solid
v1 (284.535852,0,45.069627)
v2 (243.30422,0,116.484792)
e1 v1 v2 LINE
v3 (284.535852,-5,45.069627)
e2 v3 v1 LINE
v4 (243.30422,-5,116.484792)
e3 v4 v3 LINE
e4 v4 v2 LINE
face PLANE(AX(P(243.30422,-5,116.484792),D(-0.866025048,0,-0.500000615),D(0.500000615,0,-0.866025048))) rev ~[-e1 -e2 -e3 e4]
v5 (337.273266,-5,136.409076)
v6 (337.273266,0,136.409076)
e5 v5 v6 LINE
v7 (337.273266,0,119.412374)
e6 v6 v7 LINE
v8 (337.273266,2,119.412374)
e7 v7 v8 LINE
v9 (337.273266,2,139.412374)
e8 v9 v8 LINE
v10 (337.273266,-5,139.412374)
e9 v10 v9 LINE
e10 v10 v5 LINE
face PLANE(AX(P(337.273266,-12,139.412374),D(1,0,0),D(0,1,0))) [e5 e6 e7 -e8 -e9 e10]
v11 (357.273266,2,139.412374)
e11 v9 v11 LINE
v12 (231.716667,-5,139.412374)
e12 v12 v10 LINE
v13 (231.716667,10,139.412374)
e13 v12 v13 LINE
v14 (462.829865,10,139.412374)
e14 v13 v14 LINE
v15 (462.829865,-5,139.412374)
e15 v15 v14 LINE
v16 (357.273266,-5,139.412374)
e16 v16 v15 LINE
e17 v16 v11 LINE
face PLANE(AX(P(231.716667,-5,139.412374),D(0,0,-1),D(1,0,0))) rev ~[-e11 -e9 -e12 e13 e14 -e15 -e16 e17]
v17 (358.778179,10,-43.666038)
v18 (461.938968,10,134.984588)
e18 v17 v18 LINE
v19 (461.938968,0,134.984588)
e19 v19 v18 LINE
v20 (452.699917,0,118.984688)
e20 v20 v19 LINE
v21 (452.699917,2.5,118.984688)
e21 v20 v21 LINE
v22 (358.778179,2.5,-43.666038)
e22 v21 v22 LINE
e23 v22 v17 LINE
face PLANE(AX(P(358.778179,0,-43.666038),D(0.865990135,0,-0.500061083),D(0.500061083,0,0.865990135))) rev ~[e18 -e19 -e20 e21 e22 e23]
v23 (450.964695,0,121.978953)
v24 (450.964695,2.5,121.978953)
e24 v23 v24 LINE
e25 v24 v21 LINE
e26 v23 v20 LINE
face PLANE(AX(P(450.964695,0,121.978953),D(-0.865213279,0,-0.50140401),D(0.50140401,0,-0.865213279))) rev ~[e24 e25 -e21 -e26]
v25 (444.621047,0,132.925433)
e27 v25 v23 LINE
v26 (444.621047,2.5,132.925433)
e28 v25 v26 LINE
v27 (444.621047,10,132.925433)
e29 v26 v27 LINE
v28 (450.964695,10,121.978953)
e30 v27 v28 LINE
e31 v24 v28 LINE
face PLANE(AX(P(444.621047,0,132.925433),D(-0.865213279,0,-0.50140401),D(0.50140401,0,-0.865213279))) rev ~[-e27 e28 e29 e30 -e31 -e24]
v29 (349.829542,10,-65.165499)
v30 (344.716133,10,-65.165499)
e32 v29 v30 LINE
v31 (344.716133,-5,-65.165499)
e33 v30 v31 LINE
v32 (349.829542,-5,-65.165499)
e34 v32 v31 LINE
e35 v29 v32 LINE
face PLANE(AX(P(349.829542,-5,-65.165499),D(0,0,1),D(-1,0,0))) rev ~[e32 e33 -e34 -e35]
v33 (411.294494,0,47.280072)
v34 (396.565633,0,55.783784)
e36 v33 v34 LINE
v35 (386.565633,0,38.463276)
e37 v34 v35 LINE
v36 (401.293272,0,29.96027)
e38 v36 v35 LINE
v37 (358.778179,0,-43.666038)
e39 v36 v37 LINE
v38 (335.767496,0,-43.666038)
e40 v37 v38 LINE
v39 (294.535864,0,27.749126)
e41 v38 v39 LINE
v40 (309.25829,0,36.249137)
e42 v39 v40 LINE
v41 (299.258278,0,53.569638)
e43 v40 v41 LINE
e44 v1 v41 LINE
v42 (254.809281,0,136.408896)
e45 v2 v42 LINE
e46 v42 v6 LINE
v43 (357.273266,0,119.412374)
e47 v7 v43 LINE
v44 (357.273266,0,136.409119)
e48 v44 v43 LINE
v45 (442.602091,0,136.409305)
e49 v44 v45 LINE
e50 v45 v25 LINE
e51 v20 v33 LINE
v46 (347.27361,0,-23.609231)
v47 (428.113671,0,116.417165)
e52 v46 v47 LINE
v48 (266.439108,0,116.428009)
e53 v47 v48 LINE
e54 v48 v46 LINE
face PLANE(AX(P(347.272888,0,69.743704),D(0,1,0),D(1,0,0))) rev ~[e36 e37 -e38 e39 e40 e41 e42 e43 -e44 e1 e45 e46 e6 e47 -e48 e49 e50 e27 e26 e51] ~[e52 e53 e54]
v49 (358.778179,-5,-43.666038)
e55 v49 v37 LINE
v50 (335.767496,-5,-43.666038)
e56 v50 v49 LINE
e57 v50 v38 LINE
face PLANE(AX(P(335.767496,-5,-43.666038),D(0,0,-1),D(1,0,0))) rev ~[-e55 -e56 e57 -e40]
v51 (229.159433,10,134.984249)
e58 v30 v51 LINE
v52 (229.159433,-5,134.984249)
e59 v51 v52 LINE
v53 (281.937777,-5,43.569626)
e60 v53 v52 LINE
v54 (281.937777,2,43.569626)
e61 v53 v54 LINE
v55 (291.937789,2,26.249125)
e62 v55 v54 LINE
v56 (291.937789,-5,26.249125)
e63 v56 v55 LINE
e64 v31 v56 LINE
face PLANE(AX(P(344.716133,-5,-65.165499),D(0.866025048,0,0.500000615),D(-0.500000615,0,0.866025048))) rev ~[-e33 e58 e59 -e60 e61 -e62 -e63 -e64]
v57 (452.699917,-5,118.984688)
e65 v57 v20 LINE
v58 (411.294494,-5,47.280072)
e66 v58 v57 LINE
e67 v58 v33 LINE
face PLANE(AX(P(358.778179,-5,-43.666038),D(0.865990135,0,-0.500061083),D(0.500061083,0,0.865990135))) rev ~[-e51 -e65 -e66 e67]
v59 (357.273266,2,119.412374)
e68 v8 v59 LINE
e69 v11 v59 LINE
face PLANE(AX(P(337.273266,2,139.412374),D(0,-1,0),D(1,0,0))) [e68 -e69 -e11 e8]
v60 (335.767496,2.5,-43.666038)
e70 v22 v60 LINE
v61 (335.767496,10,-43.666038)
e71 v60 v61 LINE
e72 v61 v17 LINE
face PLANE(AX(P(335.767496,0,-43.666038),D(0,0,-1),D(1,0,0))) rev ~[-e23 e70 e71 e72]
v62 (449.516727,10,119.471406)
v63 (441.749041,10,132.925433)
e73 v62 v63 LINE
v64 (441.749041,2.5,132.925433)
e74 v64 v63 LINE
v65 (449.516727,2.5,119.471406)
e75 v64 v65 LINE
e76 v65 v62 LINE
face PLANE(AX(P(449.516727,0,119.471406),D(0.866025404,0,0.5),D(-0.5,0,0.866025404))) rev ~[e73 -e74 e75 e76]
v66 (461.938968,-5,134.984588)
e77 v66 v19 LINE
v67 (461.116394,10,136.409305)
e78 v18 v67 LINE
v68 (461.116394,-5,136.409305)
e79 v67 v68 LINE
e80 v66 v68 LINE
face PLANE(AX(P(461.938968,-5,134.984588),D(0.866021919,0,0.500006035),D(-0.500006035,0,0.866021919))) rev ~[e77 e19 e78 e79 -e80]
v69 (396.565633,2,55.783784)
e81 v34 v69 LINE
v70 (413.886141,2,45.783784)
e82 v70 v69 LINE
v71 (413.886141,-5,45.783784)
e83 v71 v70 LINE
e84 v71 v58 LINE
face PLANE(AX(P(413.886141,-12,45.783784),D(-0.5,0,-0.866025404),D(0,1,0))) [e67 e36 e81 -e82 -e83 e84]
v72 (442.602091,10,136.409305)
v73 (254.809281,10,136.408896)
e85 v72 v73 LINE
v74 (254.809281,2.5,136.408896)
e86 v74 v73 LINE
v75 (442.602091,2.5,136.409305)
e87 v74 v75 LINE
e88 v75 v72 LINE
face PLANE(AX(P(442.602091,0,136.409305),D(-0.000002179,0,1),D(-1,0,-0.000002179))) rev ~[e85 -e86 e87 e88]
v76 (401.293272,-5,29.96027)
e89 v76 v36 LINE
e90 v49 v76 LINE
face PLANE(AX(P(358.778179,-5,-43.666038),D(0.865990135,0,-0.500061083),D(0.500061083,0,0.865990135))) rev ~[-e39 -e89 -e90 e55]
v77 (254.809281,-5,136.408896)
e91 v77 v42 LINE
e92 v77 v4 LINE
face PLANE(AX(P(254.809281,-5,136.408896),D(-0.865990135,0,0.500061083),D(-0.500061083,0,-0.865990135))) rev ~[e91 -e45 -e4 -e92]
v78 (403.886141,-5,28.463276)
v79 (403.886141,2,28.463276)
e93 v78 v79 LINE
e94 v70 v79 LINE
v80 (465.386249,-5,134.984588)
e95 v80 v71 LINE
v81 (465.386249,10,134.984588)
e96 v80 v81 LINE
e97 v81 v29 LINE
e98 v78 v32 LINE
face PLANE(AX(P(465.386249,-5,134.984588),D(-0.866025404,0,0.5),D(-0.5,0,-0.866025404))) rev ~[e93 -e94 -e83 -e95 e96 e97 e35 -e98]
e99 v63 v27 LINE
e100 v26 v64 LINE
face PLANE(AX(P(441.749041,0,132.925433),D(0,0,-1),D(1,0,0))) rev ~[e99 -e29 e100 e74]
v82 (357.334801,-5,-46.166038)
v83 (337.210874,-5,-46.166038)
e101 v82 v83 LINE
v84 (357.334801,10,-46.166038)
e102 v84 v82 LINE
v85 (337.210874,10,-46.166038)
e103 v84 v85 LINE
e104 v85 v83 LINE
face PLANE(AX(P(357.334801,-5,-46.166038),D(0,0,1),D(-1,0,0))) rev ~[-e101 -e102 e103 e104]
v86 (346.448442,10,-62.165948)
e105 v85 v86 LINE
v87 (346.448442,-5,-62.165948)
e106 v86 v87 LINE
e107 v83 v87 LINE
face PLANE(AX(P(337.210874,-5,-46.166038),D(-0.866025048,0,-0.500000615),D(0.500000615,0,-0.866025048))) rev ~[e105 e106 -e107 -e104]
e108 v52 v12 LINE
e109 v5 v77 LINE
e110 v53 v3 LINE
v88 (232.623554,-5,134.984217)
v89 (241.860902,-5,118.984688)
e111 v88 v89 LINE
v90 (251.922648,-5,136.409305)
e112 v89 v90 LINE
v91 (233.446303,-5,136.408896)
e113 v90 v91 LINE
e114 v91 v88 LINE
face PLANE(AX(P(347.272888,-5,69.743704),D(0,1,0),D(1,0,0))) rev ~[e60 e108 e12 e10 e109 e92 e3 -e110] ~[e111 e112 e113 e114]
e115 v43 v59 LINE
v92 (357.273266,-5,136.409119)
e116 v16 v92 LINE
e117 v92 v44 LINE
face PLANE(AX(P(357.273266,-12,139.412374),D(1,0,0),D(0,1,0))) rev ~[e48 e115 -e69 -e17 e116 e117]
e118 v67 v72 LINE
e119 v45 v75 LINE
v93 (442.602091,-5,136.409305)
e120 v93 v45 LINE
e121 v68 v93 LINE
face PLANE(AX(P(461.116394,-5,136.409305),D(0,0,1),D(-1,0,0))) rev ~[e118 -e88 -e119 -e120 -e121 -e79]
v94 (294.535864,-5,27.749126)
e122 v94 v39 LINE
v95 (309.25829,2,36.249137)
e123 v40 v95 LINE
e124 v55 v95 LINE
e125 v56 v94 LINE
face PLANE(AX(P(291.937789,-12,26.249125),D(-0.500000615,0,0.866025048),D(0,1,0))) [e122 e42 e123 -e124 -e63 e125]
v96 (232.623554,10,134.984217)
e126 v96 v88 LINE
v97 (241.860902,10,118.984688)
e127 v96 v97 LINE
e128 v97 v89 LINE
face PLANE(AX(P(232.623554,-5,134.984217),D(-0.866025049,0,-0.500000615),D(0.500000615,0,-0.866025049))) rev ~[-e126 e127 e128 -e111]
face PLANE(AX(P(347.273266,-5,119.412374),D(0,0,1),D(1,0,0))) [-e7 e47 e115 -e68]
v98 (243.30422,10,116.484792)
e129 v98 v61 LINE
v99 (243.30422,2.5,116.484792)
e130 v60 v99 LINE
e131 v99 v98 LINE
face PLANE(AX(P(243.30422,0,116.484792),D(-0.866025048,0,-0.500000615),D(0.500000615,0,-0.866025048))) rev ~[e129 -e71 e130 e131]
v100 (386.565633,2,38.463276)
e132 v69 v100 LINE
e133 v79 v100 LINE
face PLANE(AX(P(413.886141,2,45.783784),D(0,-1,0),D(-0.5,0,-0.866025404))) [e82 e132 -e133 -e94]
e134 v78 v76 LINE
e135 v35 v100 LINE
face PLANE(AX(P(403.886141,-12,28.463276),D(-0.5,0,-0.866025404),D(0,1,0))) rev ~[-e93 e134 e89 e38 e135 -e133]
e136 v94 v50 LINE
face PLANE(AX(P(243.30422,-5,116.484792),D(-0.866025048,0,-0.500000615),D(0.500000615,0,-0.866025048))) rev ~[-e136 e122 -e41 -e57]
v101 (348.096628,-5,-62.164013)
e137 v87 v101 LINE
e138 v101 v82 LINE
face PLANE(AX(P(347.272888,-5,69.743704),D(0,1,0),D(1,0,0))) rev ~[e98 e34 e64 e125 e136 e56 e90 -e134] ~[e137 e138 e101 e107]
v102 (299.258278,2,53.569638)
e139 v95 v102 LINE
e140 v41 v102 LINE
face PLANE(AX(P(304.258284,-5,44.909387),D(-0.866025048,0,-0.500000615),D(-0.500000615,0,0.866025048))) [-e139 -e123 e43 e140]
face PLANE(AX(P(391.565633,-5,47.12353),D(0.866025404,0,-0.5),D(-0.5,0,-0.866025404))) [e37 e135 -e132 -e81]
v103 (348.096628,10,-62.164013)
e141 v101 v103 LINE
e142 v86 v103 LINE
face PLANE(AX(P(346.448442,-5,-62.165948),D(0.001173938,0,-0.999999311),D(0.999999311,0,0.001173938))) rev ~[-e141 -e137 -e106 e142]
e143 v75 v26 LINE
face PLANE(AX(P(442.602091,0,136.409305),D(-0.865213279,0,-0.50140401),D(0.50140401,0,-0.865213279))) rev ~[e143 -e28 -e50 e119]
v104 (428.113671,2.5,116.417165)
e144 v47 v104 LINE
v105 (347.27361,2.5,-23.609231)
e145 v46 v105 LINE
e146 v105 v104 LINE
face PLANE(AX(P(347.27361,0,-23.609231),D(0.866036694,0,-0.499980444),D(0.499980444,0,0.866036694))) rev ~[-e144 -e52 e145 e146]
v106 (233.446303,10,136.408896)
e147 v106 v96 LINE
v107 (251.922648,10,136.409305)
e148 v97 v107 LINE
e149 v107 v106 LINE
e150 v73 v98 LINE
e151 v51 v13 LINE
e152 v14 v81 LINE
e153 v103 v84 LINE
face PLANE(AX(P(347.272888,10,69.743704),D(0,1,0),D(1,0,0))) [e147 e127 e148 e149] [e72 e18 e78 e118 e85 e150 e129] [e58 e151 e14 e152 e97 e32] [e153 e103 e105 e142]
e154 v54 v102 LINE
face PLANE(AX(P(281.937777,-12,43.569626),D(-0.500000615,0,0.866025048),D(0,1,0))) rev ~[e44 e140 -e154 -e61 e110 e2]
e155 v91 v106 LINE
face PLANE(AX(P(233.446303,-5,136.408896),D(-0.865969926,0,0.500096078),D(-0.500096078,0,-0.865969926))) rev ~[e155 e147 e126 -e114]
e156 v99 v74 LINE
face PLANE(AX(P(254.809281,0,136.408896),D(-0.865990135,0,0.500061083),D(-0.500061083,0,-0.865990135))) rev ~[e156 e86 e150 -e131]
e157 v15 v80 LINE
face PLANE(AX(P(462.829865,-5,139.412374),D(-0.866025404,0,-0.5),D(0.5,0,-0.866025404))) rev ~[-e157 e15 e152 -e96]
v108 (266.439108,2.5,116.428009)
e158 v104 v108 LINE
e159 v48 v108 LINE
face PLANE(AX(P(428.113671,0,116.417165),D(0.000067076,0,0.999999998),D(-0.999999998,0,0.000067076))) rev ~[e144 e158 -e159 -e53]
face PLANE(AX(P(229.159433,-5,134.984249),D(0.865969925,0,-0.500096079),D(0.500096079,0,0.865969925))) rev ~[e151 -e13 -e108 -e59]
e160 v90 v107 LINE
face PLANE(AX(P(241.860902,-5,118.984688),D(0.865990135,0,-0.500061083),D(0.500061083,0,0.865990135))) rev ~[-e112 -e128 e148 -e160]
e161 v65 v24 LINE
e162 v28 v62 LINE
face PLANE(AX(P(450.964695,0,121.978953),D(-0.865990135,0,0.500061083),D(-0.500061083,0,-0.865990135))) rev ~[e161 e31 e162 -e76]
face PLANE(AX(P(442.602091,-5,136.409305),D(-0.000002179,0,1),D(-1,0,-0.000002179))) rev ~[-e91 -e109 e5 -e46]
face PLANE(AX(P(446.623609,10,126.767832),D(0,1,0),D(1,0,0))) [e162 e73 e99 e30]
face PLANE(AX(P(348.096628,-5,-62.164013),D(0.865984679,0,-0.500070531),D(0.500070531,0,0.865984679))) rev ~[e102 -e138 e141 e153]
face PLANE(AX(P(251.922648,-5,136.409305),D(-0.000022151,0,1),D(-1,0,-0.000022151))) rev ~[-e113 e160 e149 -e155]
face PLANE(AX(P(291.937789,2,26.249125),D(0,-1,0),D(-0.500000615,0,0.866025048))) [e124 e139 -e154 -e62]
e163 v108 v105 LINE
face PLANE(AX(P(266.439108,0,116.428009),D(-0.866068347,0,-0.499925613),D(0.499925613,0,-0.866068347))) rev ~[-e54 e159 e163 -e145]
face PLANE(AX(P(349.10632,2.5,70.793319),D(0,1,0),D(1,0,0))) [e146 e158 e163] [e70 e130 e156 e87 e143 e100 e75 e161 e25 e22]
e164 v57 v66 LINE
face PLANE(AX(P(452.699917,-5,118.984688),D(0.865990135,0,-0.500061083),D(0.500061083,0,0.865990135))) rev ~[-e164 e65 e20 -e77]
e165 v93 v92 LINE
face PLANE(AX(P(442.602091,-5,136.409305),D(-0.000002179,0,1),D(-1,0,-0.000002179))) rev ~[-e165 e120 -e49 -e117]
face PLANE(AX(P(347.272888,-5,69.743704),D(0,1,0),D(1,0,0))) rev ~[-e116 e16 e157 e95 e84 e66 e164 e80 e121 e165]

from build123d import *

# Parameters (mm, degrees)
BOSS_EXTRUDE1_DEPTH      = 2.5
BOSS_EXTRUDE2_DEPTH      = 10
BOSS_EXTRUDE3_DEPTH      = 10
BOSS_EXTRUDE3_DEPTH_BACK = 5
SKETCH3_W                = 20
SKETCH3_H                = 14
CUT_EXTRUDE3_DEPTH       = 20
SKETCH5_W                = 20
SKETCH5_H                = 14
CUT_EXTRUDE4_DEPTH       = 20
SKETCH6_W                = 20
SKETCH6_H                = 14
CUT_EXTRUDE5_DEPTH       = 20


with BuildPart() as part:
    # Sketch1 → Boss-Extrude1 (new body)
    with BuildSketch(Plane(origin=(0, 0, 0), x_dir=(1, 0, 0), z_dir=(0, 1, 0))):
        Polygon((243.304219773, -116.484791866), (254.809280576, -136.408896139), (442.602090749, -136.409305398), (444.621046679, -132.925433223), (441.749040748, -132.925433223), (449.516726723, -119.471406457), (450.964695297, -121.978953122), (452.699916621, -118.984688017), (358.778179035, 43.666038066), (335.767496284, 43.666038066), align=None)
        Polygon((428.113670919, -116.417164681), (266.439108268, -116.428009241), (347.273609729, 23.609230825), align=None, mode=Mode.SUBTRACT)
    extrude(amount=BOSS_EXTRUDE1_DEPTH)

    # Sketch1<9> → Boss-Extrude2 (add)
    # profile 1 of 2: a face of its own
    with BuildSketch(Plane(origin=(0, 0, 0), x_dir=(1, 0, 0), z_dir=(0, 1, 0))):
        Polygon((229.159432547, -134.984249184), (231.716666588, -139.412373829), (462.829865412, -139.412373829), (465.38624875, -134.984588004), (349.829542096, 65.165499075), (344.716133219, 65.165499075), align=None)
        Polygon((251.922647988, -136.4093054), (233.446303399, -136.408896139), (232.623553959, -134.984217358), (241.860901688, -118.984688019), align=None, mode=Mode.SUBTRACT)
        Polygon((442.602090749, -136.409305398), (254.809280576, -136.408896139), (243.304219773, -116.484791866), (335.767496284, 43.666038066), (358.778179035, 43.666038066), (461.938967957, -134.984588004), (461.116393748, -136.409305398), align=None, mode=Mode.SUBTRACT)
        Polygon((348.096628302, 62.164013367), (357.334800991, 46.166038067), (337.210874326, 46.166038067), (346.44844193, 62.165948237), align=None, mode=Mode.SUBTRACT)
    # profile 2 of 2: a face of its own
    with BuildSketch(Plane(origin=(0, 0, 0), x_dir=(1, 0, 0), z_dir=(0, 1, 0))):
        Polygon((441.749040748, -132.925433223), (444.621046679, -132.925433223), (450.964695297, -121.978953122), (449.516726723, -119.471406457), align=None)
    extrude(amount=BOSS_EXTRUDE2_DEPTH)

    # Sketch1<10> → Boss-Extrude3 (add, two sides: drawn at the far end of the back side and taken through both)
    with BuildSketch(Plane(origin=(0, 0, 0), x_dir=(1, 0, 0), z_dir=(0, 1, 0)).offset(-BOSS_EXTRUDE3_DEPTH_BACK)):
        Polygon((229.159432547, -134.984249184), (231.716666588, -139.412373829), (462.829865412, -139.412373829), (465.38624875, -134.984588004), (349.829542096, 65.165499075), (344.716133219, 65.165499075), align=None)
        Polygon((251.922647988, -136.4093054), (233.446303399, -136.408896139), (232.623553959, -134.984217358), (241.860901688, -118.984688019), align=None, mode=Mode.SUBTRACT)
        Polygon((442.602090749, -136.409305398), (254.809280576, -136.408896139), (243.304219773, -116.484791866), (335.767496284, 43.666038066), (358.778179035, 43.666038066), (452.699916621, -118.984688017), (461.938967957, -134.984588004), (461.116393748, -136.409305398), align=None, mode=Mode.SUBTRACT)
        Polygon((348.096628302, 62.164013367), (357.334800991, 46.166038067), (337.210874326, 46.166038067), (346.44844193, 62.165948237), align=None, mode=Mode.SUBTRACT)
    extrude(amount=BOSS_EXTRUDE3_DEPTH + BOSS_EXTRUDE3_DEPTH_BACK)

    # Sketch3 → Cut-Extrude3 (cut)
    with BuildSketch(Plane(origin=(290.589645397, 0, -167.772009994), x_dir=(-0.49999999999998745, 0, -0.8660254037844459), z_dir=(0.8660254037844459, 0, -0.49999999999998745))):
        with Locations((-236.592990632, -5)):
            Rectangle(SKETCH3_W, SKETCH3_H)
    extrude(amount=-CUT_EXTRUDE3_DEPTH, mode=Mode.SUBTRACT)

    # Sketch5 → Cut-Extrude4 (cut)
    with BuildSketch(Plane.XY.offset(139.412373829)):
        with Locations((347.273266, -5)):
            Rectangle(SKETCH5_W, SKETCH5_H)
    extrude(amount=-CUT_EXTRUDE4_DEPTH, mode=Mode.SUBTRACT)

    # Sketch6 → Cut-Extrude5 (cut)
    with BuildSketch(Plane(origin=(230.319375797, 0, 132.975171838), x_dir=(-0.5000006154012504, 0, 0.8660250484820695), z_dir=(-0.8660250484820695, 0, -0.5000006154012504))):
        with Locations((-113.2366748, -5)):
            Rectangle(SKETCH6_W, SKETCH6_H)
    extrude(amount=-CUT_EXTRUDE5_DEPTH, mode=Mode.SUBTRACT)


solid = part.part
